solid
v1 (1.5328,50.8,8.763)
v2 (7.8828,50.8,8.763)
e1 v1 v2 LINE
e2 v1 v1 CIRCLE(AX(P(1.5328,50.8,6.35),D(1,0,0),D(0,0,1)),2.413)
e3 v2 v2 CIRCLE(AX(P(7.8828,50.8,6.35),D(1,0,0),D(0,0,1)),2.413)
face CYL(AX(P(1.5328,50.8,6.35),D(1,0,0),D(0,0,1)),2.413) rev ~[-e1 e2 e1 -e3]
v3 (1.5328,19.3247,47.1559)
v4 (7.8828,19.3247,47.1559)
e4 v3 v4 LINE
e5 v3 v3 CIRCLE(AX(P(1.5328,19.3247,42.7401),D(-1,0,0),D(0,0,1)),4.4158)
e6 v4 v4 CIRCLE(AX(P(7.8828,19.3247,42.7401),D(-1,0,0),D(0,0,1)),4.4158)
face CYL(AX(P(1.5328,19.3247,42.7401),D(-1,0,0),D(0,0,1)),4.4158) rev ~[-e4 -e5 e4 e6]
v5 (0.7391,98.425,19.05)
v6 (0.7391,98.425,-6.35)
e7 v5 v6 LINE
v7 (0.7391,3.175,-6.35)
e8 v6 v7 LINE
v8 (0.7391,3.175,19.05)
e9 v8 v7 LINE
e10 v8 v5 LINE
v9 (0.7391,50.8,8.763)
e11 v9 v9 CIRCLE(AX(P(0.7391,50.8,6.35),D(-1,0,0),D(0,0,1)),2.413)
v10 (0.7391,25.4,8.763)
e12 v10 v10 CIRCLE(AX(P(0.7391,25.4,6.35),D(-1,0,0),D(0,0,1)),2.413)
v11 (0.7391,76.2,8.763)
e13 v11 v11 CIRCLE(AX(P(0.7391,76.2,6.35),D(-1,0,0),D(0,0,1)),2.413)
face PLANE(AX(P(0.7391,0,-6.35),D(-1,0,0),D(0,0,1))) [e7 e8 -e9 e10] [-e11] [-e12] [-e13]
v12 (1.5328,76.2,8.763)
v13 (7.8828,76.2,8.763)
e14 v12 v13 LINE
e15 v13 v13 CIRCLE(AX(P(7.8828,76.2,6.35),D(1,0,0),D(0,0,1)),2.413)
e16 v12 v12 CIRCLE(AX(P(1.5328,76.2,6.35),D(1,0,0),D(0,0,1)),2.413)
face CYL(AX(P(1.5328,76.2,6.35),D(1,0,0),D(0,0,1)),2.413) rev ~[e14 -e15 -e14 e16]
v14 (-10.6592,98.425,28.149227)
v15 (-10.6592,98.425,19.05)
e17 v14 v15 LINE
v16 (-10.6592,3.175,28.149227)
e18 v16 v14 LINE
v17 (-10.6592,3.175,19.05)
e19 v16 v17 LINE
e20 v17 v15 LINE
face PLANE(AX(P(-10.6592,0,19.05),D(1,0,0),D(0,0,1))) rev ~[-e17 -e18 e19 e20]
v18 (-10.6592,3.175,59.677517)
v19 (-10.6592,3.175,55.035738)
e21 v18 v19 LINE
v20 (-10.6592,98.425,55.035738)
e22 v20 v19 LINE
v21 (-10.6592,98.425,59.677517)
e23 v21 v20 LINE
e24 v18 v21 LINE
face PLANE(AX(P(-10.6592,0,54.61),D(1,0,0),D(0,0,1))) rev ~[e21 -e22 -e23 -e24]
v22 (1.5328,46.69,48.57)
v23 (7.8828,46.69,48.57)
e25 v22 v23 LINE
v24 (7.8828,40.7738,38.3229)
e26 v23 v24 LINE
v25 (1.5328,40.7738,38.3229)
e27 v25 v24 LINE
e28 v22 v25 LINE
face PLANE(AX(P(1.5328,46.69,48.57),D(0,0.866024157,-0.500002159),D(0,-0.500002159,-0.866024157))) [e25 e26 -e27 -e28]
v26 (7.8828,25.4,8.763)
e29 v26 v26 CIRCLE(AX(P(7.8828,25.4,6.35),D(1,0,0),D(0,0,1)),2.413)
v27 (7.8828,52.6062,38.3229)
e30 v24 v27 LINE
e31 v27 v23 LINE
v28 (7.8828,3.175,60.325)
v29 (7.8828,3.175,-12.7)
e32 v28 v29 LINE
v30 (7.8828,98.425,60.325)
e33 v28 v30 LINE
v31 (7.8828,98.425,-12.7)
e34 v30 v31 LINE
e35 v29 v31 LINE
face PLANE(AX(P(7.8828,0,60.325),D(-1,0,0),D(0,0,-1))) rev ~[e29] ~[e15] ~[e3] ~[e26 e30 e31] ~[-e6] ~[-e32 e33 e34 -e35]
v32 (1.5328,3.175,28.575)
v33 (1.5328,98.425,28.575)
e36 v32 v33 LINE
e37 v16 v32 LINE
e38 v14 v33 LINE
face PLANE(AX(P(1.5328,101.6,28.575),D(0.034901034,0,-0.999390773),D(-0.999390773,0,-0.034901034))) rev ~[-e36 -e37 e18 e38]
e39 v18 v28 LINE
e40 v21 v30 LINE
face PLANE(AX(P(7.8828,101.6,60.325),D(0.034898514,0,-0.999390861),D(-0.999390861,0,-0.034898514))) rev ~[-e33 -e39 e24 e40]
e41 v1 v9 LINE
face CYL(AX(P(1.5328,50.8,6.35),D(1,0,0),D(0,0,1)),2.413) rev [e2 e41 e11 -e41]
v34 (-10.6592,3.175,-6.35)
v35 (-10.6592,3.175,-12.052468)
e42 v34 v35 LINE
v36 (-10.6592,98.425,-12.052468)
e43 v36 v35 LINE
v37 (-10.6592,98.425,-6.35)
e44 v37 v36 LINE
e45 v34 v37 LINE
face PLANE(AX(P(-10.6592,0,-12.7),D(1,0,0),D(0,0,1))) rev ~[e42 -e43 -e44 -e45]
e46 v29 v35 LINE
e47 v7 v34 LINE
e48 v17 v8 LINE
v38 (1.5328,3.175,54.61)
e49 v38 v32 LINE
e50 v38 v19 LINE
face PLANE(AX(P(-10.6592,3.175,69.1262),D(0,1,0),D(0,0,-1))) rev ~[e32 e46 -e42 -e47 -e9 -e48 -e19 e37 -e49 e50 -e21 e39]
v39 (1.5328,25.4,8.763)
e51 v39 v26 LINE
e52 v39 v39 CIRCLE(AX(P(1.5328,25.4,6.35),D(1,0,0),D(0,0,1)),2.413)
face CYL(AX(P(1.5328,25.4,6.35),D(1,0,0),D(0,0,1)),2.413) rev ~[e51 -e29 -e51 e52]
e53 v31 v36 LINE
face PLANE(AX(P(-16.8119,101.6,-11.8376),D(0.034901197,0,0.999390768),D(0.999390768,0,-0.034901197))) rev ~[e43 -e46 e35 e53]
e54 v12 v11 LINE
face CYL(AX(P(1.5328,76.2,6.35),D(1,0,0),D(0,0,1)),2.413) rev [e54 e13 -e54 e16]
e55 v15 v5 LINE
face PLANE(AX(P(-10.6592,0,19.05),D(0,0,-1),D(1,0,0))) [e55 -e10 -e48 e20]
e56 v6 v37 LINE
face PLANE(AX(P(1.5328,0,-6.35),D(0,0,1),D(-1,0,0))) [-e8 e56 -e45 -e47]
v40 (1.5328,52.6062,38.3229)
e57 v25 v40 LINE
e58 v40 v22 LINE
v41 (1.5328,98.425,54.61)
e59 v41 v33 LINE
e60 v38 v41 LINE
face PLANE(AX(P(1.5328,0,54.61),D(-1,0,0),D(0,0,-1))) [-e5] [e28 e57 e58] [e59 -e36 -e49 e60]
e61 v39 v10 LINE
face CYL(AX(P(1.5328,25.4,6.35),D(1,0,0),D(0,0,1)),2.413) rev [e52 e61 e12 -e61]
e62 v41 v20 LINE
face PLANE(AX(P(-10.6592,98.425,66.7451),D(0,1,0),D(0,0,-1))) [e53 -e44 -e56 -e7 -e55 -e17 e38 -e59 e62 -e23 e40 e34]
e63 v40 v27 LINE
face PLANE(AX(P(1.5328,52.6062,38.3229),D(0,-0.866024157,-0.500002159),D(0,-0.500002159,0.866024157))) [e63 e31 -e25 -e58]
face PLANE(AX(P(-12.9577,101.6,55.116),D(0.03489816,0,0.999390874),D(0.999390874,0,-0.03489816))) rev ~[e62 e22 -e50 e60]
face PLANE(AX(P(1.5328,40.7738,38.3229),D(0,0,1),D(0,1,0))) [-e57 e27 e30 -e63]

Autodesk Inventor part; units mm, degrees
ref_plane "YZ Plane" through (0, 0, 0) normal (1, 0, 0) x (0, 1, 0)
ref_plane "XZ Plane" through (0, 0, 0) normal (0, 1, 0) x (-1, 0, 0)
ref_plane "XY Plane" through (0, 0, 0) normal (0, 0, 1) x (1, 0, 0)
sketch "Sketch1" plane through (0, 0, 0) normal (0, 1, 0) x (-1, 0, 0)
  line L0 (10.6592, 60.325) -> (-7.8828, 60.325)
  line L1 (-7.8828, 60.325) -> (-7.8828, -12.7)
  line L2 (-7.8828, -12.7) -> (10.6592, -12.7)
  line L3 (10.6592, 54.61) -> (-1.5328, 54.61)
  line L4 (-1.5328, 54.61) -> (-1.5328, 28.575)
  line L5 (-1.5328, 28.575) -> (10.6592, 28.575)
  line L6 (10.6592, 19.05) -> (-1.5328, 19.05)
  line L7 (-1.5328, 19.05) -> (-1.5328, -6.35)
  line L8 (-1.5328, -6.35) -> (10.6592, -6.35)
  line L9 (10.6592, -12.7) -> (10.6592, -6.35)
  line L10 (10.6592, 19.05) -> (10.6592, 28.575)
  line L11 (10.6592, 54.61) -> (10.6592, 60.325)
  point P0 (0, 0)
  dimension "d0" = 18.542
  dimension "d3" = 6.35
  dimension "d4" = 9.525
  dimension "d5" = 5.715
  dimension "d7" = 0
  dimension "d8" = 26.035
  dimension "d9" = 25.4
  dimension "d25" = 0
  dimension "d26" = 0
extrude "Extrusion1" add sketch "Sketch1" along normal blind 101.6
sketch "Sketch2" plane through (1.5328, 0, -6.35) normal (-1, 0, 0) x (0, 0, 1)
  line L0 (0, 0) -> (0, 101.6) projected
  line L1 (0, 0) -> (25.4, 0) projected
  point P0 (6.35, 0)
  point P1 (12.7, 25.4)
  point P2 (12.7, 50.8)
  point P3 (12.7, 76.2)
  dimension "d12" = 12.7
  dimension "d13" = 25.4
  dimension "d14" = 25.4
  dimension "d15" = 0
  dimension "d16" = 0
  dimension "d17" = 25.4
hole "Hole1" at (1.5328, 25.4, 6.35) at (1.5328, 50.8, 6.35) at (1.5328, 76.2, 6.35) direction (1, 0, 0) diameter 4.826 depth 25.4 tip angle 118
sketch "Sketch3" plane through (0, 101.6, 0) normal (0, 1, 0) x (1, 0, 0)
  line L0 (1.5328, -28.575) -> (-10.7917, -28.1446)
  line L1 (-10.7917, -28.1446) -> (-10.7917, -28.575)
  line L2 (-10.6592, -28.575) -> (1.5328, -28.575) projected
  line L3 (-10.7917, -28.575) -> (1.5328, -28.575)
  point P0 (0, 0)
  dimension "d27" = 2
extrude "Extrusion2" cut sketch "Sketch3" against normal blind 111.125
sketch "Sketch4" plane through (0, 101.6, 0) normal (0, 1, 0) x (1, 0, 0)
  line L0 (1.5328, -54.61) -> (-12.9577, -54.61)
  line L1 (-12.9577, -54.61) -> (-12.9577, -55.116)
  line L2 (-12.9577, -55.116) -> (1.5328, -54.61)
  point P0 (0, 0)
  dimension "d30" = 2
extrude "Extrusion3" cut sketch "Sketch4" against normal blind 119.0625
sketch "Sketch5" plane through (0, 101.6, 0) normal (0, 1, 0) x (1, 0, 0)
  line L0 (-10.6592, -60.325) -> (7.8828, -60.325) projected
  line L1 (7.8828, -60.325) -> (-13.0423, -59.5943)
  line L2 (-13.0423, -59.5943) -> (-13.0009, -60.325)
  line L3 (-13.0009, -60.325) -> (7.8828, -60.325)
  point P0 (0, 0)
  dimension "d33" = 2
extrude "Extrusion4" cut sketch "Sketch5" against normal blind 196.85
sketch "Sketch6" plane through (0, 101.6, 0) normal (0, 1, 0) x (1, 0, 0)
  line L0 (7.8828, 12.7) -> (-10.6592, 12.7) projected
  line L1 (7.8828, 12.7) -> (-16.8119, 12.7)
  line L2 (-16.8119, 12.7) -> (-16.8119, 11.8376)
  line L3 (7.8828, -60.325) -> (7.8828, 12.7) projected
  line L4 (-16.8119, 11.8376) -> (7.8828, 12.7)
  point P0 (0, 0)
  dimension "d36" = 2
extrude "Extrusion5" cut sketch "Sketch6" against normal blind 334.9625
sketch "Sketch8" plane through (1.5328, 0, -6.35) normal (-1, 0, 0) x (0, 0, 1)
  line L0 (0, 0) -> (25.4, 0) projected
  circle A0 centre (12.7, 25.4) radius 2.413 projected
  circle A1 centre (12.7, 50.8) radius 2.413 projected
  circle A2 centre (12.7, 76.2) radius 2.413 projected
  line L1 (25.4, 0) -> (25.4, 101.6) projected
  line L2 (0, 0) -> (25.4, 0)
  line L3 (25.4, 0) -> (25.4, 101.6)
  line L4 (25.4, 101.6) -> (0, 101.6)
  line L5 (0, 101.6) -> (0, 0)
  circle A3 centre (12.7, 25.4) radius 2.413
  circle A4 centre (12.7, 50.8) radius 2.413
  circle A5 centre (12.7, 76.2) radius 2.413
  point P0 (6.35, 0)
extrude "Extrusion7" add sketch "Sketch8" along normal blind 0.7937
sketch "Sketch13" plane through (1.5328, 0, 28.575) normal (-1, 0, 0) x (0, 0, 1)
  line L0 (19.995, 46.69) -> (9.7479, 40.7738)
  line L1 (9.7479, 40.7738) -> (9.7479, 52.6062)
  line L2 (9.7479, 52.6062) -> (19.995, 46.69)
  point P0 (-28.575, 0)
  point P1 (13.1636, 46.69)
extrude "Extrusion10" cut sketch "Sketch13" against normal blind 241.3
sketch "Sketch14" plane through (1.5328, 0, 28.575) normal (-1, 0, 0) x (0, 0, 1)
  circle A0 centre (14.1651, 19.3247) radius 4.4158
  point P0 (-28.575, 0)
extrude "Extrusion11" cut sketch "Sketch14" against normal blind 58.7375
sketch "Sketch15" plane through (-10.6592, 0, 19.05) normal (-1, 0, 0) x (0, 0, 1)
  line L0 (-42.6377, -21.5043) -> (50.0762, -21.5043)
  line L1 (50.0762, -21.5043) -> (50.0762, 3.175)
  line L2 (50.0762, 3.175) -> (-42.6377, 3.175)
  line L3 (-42.6377, 3.175) -> (-42.6377, -21.5043)
  line L4 (-43.9771, 109.6049) -> (47.6951, 109.6049)
  line L5 (47.6951, 109.6049) -> (47.6951, 98.425)
  line L6 (47.6951, 98.425) -> (-43.9771, 98.425)
  line L7 (-43.9771, 98.425) -> (-43.9771, 109.6049)
  line L8 (0, 101.6) -> (9.0992, 101.6) projected
  line L9 (0, 0) -> (9.0992, 0) projected
  point P0 (-19.05, 0)
  dimension "d55" = 3.175
  dimension "d56" = 3.175
extrude "Extrusion12" cut sketch "Sketch15" against normal blind 58.7375
equation "\"d0\" = ElvDelWidth"
equation "\"d3\" = ElvDelFrontTabLength"
equation "\"d9\" = ElvBeamWidth"
equation "\"d10\" = ElvDelHeight"
equation "\"ElvBeamWidth\" = 25.4"
equation "\"ElvDelWidth\" = 18.542"
equation "\"ElvDelHeight\" = 101.6"
equation "\"ElvDelFrontTabLength\" = 6.35"
equation "\"ElvDelDepth\" = 6.35"
equation "\"d2\" = ElvDelDepth"
equation "\"ElvCrossBeamLength\" = 304.8"
equation "\"ElvFixedBeamLength\" = 990.6"
equation "\"ElvMiddleBeamLength\" = 990.6"
equation "\"ElvFrontBeamLength\" = 990.6"
equation "\"ElvEndEffectLength\" = 431.8"
equation "\"ElvWallWidth\" = 1.5875"
equation "\"ElvTopBeamLength\" = 457.2"
equation "\"ElvHoleFromFront\" = 25.4"
equation "\"ElvHoleFromMid\" = 38.1"
equation "\"ElvHoleFromFixed\" = 50.8"
equation "\"ElvHoleFromBottom\" = 38.1"
equation "\"ElvRivetPlateLength\" = 76.2"
equation "\"ElvDelMiddleTabLength\" = 6.35"
properties part number "ElvDelV5" material "Acetal Resin, White"
